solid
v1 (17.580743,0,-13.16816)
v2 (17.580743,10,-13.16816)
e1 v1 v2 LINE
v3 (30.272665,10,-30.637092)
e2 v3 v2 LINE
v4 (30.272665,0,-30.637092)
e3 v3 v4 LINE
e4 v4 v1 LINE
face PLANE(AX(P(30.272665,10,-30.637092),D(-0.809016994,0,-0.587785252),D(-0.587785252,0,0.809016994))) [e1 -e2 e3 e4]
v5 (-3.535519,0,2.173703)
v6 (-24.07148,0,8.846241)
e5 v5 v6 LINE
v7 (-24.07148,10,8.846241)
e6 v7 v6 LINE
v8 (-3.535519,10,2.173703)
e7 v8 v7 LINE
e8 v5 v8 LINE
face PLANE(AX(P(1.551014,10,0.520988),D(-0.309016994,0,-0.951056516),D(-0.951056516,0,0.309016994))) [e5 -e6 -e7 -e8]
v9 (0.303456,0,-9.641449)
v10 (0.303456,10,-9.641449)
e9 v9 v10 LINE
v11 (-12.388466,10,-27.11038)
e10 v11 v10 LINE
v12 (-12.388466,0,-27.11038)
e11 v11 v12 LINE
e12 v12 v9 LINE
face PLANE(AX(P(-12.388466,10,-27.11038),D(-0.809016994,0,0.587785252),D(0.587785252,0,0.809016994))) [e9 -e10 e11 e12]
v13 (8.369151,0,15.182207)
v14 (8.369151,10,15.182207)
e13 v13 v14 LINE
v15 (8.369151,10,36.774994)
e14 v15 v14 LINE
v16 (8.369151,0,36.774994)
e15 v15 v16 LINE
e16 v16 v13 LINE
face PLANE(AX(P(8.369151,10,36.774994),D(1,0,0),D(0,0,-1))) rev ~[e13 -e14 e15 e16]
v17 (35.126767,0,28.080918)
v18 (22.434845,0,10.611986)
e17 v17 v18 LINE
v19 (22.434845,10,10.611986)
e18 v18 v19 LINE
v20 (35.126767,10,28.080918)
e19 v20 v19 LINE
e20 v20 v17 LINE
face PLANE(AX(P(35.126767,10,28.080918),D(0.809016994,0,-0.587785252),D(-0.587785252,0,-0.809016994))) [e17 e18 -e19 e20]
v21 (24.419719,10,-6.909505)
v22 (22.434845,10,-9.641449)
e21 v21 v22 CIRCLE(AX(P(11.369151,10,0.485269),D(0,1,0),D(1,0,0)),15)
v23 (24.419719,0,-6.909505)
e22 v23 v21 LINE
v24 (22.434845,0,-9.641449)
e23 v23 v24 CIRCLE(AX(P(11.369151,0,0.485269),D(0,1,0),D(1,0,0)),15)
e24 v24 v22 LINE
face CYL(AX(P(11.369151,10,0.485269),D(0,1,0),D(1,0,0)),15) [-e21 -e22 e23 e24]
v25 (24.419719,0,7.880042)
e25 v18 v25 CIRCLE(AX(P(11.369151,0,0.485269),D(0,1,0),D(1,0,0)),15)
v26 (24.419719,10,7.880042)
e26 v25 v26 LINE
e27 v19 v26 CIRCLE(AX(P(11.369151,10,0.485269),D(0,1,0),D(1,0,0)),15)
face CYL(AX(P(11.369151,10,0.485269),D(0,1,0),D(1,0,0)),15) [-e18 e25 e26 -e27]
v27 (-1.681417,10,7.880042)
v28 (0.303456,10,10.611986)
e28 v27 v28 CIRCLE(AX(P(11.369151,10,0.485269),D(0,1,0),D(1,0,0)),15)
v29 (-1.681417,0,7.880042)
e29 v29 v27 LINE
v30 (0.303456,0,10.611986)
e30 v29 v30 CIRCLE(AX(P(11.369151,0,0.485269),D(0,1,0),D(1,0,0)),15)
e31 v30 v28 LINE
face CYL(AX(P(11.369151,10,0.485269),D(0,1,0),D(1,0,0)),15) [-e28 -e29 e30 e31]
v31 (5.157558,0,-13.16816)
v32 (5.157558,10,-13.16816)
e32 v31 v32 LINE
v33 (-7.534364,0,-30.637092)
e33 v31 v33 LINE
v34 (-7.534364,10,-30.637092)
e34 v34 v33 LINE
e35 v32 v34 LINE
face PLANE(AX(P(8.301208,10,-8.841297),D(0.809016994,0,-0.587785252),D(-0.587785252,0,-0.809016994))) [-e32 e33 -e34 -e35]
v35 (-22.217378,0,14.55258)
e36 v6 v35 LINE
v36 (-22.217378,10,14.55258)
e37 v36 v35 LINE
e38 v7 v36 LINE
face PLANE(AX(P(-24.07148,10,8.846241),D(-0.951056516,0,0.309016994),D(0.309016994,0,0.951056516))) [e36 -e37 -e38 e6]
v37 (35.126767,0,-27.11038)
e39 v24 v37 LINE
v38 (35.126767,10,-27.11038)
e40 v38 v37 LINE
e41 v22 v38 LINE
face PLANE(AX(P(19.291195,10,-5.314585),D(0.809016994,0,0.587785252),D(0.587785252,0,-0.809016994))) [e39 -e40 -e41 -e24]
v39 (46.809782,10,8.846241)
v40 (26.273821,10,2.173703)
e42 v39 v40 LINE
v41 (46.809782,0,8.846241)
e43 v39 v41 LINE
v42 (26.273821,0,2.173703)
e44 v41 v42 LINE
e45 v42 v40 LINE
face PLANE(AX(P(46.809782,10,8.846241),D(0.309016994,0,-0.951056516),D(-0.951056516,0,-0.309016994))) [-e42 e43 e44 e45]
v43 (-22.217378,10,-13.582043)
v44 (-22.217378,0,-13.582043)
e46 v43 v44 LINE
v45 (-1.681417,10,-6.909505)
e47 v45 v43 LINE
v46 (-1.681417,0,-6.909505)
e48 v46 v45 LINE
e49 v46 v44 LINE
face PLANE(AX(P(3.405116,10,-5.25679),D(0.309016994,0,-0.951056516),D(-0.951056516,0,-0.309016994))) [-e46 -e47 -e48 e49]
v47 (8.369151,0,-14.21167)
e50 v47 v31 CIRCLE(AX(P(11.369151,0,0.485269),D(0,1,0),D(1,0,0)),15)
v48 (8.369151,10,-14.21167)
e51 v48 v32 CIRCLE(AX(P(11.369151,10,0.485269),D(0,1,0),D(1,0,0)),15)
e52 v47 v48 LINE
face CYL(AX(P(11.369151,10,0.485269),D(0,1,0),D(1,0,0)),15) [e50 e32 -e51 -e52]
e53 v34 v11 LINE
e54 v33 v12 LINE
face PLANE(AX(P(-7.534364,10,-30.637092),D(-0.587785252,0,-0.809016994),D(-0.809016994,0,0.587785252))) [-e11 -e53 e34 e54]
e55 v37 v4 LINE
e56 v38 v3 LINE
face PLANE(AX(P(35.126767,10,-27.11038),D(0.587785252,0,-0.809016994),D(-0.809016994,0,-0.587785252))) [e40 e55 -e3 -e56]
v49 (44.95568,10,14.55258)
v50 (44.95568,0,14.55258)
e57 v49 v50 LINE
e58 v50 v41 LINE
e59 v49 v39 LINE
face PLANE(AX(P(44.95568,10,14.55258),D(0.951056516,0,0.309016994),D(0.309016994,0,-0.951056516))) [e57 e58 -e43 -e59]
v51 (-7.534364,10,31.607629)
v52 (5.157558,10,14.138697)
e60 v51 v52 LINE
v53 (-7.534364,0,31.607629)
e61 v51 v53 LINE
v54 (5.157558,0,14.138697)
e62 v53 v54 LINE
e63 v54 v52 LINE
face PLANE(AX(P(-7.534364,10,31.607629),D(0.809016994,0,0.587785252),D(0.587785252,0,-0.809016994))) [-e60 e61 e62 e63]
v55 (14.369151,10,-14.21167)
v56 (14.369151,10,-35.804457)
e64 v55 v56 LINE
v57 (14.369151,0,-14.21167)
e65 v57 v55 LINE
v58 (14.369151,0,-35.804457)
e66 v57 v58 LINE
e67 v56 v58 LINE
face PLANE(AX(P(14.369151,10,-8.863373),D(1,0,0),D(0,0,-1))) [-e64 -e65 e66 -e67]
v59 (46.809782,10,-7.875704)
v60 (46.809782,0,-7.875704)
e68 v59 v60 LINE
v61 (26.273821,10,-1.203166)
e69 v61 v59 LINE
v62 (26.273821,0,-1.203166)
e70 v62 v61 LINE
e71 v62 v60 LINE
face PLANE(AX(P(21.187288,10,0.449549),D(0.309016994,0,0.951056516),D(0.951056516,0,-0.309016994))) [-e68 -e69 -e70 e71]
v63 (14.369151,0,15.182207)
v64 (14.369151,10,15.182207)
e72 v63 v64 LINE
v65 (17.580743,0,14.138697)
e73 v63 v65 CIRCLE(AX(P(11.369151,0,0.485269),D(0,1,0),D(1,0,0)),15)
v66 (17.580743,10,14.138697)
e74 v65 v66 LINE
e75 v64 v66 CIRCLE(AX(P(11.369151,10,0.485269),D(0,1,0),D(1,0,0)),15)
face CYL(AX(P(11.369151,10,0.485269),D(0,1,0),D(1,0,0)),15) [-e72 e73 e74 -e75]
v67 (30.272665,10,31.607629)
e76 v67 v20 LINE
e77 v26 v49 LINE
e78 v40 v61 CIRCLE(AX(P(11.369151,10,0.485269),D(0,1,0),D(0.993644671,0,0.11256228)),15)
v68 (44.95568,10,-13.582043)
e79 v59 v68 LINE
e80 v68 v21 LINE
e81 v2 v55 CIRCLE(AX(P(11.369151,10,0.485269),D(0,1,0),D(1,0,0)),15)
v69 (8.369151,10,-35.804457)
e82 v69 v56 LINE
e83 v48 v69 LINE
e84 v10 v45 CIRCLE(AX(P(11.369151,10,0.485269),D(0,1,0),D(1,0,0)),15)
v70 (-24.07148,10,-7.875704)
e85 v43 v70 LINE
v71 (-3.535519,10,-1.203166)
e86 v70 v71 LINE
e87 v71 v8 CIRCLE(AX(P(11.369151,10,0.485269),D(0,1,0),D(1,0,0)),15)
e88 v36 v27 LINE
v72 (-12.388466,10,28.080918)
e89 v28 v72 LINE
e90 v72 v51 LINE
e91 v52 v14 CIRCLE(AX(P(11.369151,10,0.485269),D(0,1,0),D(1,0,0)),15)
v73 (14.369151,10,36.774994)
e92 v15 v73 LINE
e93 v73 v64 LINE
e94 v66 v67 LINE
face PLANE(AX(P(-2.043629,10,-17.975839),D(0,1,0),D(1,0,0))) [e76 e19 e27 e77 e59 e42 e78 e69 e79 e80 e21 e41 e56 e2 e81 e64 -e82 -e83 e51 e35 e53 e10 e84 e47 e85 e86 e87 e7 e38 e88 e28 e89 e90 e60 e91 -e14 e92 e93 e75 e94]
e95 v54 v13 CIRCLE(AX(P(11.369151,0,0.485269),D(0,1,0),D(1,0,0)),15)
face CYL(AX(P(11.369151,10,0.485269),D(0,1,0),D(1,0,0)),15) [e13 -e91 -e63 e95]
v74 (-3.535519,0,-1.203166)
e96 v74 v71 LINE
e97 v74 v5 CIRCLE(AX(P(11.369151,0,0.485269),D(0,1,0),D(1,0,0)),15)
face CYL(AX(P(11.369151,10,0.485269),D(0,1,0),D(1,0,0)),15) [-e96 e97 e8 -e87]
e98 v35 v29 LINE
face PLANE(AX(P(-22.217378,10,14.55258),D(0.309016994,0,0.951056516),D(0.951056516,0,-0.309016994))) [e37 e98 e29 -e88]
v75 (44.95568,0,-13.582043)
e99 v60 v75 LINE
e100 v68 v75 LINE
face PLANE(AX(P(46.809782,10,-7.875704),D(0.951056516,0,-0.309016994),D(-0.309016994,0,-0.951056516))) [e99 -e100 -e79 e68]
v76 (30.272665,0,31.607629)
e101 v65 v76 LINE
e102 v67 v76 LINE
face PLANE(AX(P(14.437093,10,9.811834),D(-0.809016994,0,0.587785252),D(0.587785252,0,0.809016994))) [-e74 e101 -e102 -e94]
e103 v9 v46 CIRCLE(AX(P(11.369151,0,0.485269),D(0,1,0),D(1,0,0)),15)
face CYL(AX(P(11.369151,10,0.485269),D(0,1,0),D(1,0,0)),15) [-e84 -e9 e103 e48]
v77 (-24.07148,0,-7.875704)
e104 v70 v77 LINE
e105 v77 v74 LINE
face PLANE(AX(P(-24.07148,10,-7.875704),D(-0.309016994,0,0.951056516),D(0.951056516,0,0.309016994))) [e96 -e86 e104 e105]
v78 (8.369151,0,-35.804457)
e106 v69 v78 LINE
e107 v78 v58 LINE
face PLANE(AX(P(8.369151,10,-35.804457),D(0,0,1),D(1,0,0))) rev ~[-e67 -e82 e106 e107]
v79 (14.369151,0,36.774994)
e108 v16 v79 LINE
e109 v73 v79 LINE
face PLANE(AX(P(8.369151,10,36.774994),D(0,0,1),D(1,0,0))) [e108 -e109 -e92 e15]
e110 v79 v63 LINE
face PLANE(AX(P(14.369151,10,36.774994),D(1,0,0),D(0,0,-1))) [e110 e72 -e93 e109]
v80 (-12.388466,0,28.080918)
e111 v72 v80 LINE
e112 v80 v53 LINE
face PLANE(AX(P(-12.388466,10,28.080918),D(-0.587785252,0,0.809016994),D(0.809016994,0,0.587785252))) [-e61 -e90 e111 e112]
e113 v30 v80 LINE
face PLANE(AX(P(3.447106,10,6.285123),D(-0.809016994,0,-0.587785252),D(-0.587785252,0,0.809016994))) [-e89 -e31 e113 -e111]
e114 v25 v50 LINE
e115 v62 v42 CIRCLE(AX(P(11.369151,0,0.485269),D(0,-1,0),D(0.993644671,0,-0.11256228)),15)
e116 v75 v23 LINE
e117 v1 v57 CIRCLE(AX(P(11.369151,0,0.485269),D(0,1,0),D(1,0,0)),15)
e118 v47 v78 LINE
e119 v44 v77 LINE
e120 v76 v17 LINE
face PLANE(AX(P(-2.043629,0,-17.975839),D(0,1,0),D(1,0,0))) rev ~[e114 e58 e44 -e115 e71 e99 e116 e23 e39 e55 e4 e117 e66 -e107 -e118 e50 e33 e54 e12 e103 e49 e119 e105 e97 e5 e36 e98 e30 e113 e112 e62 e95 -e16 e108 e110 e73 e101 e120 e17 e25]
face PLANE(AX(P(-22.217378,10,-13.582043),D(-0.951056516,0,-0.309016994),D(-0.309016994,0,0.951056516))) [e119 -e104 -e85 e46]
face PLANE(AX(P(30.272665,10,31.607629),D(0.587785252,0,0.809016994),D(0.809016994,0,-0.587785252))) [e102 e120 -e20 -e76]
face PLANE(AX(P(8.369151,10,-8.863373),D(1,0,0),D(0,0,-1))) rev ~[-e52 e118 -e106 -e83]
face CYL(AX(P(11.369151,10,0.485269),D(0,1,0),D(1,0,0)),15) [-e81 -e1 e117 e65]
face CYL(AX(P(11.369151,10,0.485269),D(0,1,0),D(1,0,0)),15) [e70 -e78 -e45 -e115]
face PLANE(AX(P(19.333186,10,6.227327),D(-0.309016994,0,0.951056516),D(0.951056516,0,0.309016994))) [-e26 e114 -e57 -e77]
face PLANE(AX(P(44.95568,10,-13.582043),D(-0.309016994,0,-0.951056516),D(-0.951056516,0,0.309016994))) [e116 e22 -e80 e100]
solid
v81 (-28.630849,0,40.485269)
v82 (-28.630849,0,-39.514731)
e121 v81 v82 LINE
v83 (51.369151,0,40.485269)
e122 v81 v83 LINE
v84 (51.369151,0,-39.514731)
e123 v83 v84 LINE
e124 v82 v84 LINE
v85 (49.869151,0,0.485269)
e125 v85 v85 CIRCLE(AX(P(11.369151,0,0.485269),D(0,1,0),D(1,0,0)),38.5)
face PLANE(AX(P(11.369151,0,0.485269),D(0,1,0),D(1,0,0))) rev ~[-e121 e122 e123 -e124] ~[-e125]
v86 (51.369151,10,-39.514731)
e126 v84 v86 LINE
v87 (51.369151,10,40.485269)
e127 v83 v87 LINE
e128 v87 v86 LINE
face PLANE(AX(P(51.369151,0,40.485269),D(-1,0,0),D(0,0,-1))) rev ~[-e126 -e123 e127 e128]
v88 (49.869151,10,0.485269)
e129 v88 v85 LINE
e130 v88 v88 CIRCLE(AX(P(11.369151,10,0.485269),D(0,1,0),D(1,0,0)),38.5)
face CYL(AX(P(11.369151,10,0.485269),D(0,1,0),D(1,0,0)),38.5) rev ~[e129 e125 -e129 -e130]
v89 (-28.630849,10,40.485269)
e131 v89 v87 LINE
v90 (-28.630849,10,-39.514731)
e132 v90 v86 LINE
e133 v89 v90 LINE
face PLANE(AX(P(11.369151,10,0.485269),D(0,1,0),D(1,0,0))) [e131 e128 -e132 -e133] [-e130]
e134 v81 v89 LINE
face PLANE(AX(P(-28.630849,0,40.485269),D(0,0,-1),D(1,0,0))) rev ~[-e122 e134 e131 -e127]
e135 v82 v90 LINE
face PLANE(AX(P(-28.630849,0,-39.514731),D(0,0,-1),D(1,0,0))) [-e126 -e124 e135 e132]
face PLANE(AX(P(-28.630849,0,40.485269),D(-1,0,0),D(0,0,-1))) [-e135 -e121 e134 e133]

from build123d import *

# Parameters (mm, degrees)
SKETCH1_W           = 80
SKETCH1_H           = 80
BOSS_EXTRUDE1_DEPTH = 10
SKETCH2_R           = 38.5
SKETCH2_R_2         = 15
CUT_EXTRUDE1_DEPTH  = 10
SKETCH3_W           = 6
SKETCH3_H           = 26.941084331
BOSS_EXTRUDE2_DEPTH = 10


with BuildPart() as part:
    # Sketch1 → Boss-Extrude1 (new body)
    with BuildSketch(Plane(origin=(0, 0, 0), x_dir=(1, 0, 0), z_dir=(0, 1, 0))):
        with Locations((11.36915078, -0.485268631)):
            Rectangle(SKETCH1_W, SKETCH1_H)
    extrude(amount=BOSS_EXTRUDE1_DEPTH)

    # Sketch2 → Cut-Extrude1 (cut)
    with BuildSketch(Plane(origin=(0, 10, 0), x_dir=(1, 0, 0), z_dir=(0, 1, 0))):
        with Locations((11.36915078, -0.485268631)):
            Circle(SKETCH2_R)
        with Locations((11.36915078, -0.485268631)):
            Circle(SKETCH2_R_2, mode=Mode.SUBTRACT)
    extrude(amount=-CUT_EXTRUDE1_DEPTH, mode=Mode.SUBTRACT)

    # Sketch3 → Boss-Extrude2 (add)
    with BuildSketch(Plane(origin=(0, 10, 0), x_dir=(1, 0, 0), z_dir=(0, 1, 0))):
        Polygon((-12.38846571, 27.11038033), (3.447106341, 5.314585258), (8.301208307, 8.841296772), (-7.534363744, 30.637091843), align=None)
        with Locations((11.36915078, 22.333914785)):
            Rectangle(SKETCH3_W, SKETCH3_H)
        Polygon((-24.071480193, 7.875703746), (1.551013617, -0.449549159), (3.405115583, 5.256789939), (-22.217378227, 13.582042844), align=None)
        Polygon((-22.217378227, -14.552580106), (3.405115583, -6.227327201), (1.551013617, -0.520988103), (-24.071480193, -8.846241008), align=None)
        Polygon((-7.534363744, -31.607629105), (8.301208307, -9.811834034), (3.447106341, -6.28512252), (-12.38846571, -28.080917591), align=None)
        with Locations((11.36915078, -23.304452047)):
            Rectangle(SKETCH3_W, SKETCH3_H)
        Polygon((35.12676727, -28.080917591), (19.291195219, -6.28512252), (14.437093253, -9.811834034), (30.272665304, -31.607629105), align=None)
        Polygon((46.809781753, -8.846241008), (21.187287943, -0.520988103), (19.333185977, -6.227327201), (44.955679786, -14.552580106), align=None)
        Polygon((44.955679786, 13.582042844), (19.333185977, 5.256789939), (21.187287943, -0.449549159), (46.809781753, 7.875703746), align=None)
        Polygon((30.272665304, 30.637091843), (14.437093253, 8.841296772), (19.291195219, 5.314585258), (35.12676727, 27.11038033), align=None)
    extrude(amount=-BOSS_EXTRUDE2_DEPTH)


solid = part.part
